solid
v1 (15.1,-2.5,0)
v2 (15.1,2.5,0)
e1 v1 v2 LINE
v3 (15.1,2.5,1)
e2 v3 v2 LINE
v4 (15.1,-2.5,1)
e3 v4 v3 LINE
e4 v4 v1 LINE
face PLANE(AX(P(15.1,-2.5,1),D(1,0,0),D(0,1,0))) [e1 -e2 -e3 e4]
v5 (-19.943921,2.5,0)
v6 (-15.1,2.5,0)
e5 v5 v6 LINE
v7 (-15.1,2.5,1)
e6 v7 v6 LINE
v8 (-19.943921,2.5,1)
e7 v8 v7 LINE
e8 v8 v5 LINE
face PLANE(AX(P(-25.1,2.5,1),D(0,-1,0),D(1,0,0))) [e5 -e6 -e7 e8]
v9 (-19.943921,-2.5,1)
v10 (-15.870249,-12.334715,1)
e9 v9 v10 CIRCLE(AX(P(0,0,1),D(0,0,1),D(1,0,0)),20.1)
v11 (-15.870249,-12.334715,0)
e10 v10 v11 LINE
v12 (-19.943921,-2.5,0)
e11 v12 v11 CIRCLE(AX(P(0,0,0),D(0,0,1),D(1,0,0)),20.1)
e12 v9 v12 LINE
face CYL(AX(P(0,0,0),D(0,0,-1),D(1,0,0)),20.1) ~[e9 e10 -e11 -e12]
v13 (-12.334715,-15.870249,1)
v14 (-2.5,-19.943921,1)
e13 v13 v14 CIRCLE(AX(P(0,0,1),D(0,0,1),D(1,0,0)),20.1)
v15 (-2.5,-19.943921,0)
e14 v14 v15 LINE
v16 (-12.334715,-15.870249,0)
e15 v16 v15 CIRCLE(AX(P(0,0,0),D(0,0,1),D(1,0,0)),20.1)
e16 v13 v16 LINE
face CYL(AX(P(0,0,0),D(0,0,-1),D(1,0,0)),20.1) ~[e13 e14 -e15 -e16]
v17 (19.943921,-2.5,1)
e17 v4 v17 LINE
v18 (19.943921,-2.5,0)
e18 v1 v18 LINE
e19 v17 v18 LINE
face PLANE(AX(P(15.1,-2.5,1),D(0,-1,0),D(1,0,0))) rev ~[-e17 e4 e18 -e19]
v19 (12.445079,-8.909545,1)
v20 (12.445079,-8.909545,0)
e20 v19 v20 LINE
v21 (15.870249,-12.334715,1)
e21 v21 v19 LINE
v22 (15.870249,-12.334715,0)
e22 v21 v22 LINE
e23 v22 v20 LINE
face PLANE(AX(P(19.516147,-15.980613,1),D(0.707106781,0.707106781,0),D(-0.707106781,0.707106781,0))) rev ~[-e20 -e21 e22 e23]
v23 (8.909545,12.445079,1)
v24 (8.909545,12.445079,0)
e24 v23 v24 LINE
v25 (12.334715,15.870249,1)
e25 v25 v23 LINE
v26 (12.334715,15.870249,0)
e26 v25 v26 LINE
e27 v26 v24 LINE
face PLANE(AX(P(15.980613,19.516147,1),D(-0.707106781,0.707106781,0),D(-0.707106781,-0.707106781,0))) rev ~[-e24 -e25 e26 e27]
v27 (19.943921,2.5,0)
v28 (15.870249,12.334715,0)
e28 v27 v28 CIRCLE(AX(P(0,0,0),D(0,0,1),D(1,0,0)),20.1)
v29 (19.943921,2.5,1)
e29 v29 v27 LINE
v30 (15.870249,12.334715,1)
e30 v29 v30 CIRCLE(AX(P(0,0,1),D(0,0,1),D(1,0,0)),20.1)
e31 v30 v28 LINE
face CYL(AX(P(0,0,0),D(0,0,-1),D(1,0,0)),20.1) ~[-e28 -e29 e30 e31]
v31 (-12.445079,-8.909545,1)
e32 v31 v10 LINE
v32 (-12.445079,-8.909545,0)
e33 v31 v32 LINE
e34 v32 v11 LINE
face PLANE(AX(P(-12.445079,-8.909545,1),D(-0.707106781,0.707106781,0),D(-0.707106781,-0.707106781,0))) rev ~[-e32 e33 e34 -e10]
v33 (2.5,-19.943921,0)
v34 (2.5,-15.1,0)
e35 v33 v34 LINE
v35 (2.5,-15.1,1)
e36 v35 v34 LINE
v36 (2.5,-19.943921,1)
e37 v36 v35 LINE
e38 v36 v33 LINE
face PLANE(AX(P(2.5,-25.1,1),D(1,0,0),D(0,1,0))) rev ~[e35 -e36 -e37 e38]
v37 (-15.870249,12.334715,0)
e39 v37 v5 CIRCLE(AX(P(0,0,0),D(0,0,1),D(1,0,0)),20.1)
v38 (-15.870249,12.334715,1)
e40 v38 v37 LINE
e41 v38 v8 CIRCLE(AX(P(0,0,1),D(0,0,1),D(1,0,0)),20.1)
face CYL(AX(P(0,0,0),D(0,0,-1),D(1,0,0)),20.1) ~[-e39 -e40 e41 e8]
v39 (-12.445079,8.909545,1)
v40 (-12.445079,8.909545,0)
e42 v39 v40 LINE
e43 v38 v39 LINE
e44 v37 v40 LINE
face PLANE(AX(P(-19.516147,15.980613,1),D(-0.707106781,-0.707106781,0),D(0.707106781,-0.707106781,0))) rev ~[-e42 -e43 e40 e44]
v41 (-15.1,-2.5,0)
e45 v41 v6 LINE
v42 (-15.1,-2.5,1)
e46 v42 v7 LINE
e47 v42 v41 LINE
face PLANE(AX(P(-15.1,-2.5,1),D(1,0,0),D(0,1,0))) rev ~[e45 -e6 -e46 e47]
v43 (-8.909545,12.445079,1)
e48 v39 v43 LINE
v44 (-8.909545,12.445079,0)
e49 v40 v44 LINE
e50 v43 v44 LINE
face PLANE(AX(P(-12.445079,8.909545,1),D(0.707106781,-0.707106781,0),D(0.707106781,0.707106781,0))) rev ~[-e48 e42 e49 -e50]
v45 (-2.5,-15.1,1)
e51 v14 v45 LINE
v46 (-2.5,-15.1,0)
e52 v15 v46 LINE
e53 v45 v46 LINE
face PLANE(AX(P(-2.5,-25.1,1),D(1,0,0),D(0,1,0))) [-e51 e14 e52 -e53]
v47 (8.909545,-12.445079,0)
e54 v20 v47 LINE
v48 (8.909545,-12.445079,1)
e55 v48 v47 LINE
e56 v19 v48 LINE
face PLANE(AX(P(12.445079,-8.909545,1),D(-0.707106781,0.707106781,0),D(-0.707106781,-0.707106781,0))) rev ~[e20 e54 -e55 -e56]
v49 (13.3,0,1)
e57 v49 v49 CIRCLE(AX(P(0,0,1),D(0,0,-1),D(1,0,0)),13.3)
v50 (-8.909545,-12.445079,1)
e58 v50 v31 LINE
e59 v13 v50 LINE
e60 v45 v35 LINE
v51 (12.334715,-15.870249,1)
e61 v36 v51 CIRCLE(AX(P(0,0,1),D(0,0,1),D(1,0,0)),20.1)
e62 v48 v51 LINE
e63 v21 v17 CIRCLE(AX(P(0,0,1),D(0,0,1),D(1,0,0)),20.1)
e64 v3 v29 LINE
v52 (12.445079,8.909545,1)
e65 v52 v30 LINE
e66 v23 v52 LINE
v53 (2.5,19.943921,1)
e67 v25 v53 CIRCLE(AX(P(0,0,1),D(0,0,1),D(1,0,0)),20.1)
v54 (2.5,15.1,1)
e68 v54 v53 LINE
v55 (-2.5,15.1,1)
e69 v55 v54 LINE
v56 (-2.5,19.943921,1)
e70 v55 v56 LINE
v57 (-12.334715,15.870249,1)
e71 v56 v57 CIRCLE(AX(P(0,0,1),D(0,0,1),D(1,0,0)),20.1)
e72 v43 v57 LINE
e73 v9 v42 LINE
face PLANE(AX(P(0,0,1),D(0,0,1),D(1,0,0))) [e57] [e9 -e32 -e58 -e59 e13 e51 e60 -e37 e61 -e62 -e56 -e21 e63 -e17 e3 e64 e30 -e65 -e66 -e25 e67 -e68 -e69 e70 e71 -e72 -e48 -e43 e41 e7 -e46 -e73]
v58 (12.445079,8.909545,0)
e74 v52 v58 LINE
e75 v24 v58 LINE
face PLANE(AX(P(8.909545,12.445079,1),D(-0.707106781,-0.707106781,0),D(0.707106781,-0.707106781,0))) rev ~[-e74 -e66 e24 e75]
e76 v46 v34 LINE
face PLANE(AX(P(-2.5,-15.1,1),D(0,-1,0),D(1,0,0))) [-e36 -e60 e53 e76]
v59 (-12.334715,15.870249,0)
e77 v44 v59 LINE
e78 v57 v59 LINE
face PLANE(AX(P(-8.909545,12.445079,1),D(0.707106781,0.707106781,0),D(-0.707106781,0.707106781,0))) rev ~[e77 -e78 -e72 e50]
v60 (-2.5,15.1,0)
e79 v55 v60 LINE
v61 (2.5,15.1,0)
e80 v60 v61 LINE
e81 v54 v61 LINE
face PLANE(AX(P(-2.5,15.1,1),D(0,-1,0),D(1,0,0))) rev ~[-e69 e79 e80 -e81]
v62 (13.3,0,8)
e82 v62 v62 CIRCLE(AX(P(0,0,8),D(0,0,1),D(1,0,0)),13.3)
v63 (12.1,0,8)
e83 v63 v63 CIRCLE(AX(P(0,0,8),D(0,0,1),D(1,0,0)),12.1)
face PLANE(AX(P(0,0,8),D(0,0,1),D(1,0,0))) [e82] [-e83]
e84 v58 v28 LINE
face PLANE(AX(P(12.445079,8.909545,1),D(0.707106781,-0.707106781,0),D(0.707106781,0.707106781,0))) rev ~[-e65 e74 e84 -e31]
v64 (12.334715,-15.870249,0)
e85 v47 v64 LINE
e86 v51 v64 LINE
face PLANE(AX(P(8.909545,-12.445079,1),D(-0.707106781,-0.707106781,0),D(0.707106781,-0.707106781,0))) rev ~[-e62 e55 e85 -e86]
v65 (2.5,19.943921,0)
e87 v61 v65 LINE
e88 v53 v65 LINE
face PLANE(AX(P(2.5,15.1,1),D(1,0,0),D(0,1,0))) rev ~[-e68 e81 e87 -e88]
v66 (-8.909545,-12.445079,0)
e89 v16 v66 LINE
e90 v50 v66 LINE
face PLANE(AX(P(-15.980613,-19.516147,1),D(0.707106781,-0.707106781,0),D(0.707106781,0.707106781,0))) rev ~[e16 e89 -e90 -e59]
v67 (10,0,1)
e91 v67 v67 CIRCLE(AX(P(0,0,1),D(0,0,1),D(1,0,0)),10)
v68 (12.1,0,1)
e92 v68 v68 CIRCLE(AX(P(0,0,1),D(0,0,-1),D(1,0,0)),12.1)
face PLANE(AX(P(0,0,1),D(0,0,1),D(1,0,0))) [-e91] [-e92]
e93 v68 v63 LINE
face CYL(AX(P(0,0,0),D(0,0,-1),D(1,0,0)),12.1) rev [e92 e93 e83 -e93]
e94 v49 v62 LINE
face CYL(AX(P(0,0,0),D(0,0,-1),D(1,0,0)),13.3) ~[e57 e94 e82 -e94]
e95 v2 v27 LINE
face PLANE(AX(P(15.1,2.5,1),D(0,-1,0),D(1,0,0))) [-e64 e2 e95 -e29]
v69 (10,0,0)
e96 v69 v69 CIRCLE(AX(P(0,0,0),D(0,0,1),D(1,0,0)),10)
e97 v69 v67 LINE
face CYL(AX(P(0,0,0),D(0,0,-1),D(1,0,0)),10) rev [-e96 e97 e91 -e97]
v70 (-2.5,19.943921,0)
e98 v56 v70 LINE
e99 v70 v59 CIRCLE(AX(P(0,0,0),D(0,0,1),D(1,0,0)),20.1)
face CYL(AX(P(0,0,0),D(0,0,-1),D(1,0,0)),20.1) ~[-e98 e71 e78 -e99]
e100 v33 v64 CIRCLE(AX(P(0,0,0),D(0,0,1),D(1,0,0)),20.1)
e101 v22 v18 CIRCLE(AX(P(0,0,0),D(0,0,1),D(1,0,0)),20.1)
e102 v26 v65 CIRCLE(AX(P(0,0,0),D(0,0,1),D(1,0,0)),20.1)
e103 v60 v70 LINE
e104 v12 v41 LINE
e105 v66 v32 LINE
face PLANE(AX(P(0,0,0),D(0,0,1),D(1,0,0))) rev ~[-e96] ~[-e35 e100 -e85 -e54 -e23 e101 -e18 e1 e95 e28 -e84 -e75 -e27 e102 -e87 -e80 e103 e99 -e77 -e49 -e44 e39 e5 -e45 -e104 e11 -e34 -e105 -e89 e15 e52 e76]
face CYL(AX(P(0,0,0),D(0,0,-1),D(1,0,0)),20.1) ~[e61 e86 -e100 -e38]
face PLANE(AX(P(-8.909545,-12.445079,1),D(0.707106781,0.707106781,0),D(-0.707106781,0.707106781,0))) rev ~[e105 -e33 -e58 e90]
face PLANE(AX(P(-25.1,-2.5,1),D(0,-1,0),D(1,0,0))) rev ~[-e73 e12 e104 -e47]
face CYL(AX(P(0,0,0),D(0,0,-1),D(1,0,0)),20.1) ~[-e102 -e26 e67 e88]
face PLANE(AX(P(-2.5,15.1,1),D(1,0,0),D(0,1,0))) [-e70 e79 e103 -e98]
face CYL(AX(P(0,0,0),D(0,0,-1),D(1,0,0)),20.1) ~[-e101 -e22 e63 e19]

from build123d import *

# Parameters (mm, degrees)
F0_R     = 20.1
F0_R_2   = 13.3
F0_R_3   = 12.1
F0_R_4   = 10
F1_DEPTH = 1
F2_DEPTH = 8
F3_W     = 5
F3_H     = 10
F3_W_2   = 10
F3_H_2   = 5
F4_DEPTH = 1.001


with BuildPart() as f1:
    # F0 (on Top) → F1 (new body)
    with BuildSketch(Plane.XY):
        Circle(F0_R)
        Circle(F0_R_2, mode=Mode.SUBTRACT)
        Circle(F0_R_2)
        Circle(F0_R_3, mode=Mode.SUBTRACT)
        Circle(F0_R_3)
        Circle(F0_R_4, mode=Mode.SUBTRACT)
    extrude(amount=F1_DEPTH)

    # F0 (on Top) → F2 (join)
    with BuildSketch(Plane.XY):
        Circle(F0_R_2)
        Circle(F0_R_3, mode=Mode.SUBTRACT)
    extrude(amount=F2_DEPTH)

    # F3 (on face) → F4 (cut, through all)
    with BuildSketch(Plane.XY.offset(1)):
        with Locations((0, 20.1)):
            Rectangle(F3_W, F3_H)
        Polygon((-8.909545443, 12.4450793489), (-15.9806132548, 19.5161471607), (-19.5161471607, 15.9806132548), (-12.4450793489, 8.909545443), align=None)
        with Locations((-20.1, 0)):
            Rectangle(F3_W_2, F3_H_2)
        Polygon((-12.4450793489, -8.909545443), (-19.5161471607, -15.9806132548), (-15.9806132548, -19.5161471607), (-8.909545443, -12.4450793489), align=None)
        with Locations((0, -20.1)):
            Rectangle(F3_W, F3_H)
        Polygon((8.909545443, -12.4450793489), (15.9806132548, -19.5161471607), (19.5161471607, -15.9806132548), (12.4450793489, -8.909545443), align=None)
        with Locations((20.1, 0)):
            Rectangle(F3_W_2, F3_H_2)
        Polygon((12.4450793489, 8.909545443), (19.5161471607, 15.9806132548), (15.9806132548, 19.5161471607), (8.909545443, 12.4450793489), align=None)
    extrude(amount=-F4_DEPTH, mode=Mode.SUBTRACT)


solid = f1.part
